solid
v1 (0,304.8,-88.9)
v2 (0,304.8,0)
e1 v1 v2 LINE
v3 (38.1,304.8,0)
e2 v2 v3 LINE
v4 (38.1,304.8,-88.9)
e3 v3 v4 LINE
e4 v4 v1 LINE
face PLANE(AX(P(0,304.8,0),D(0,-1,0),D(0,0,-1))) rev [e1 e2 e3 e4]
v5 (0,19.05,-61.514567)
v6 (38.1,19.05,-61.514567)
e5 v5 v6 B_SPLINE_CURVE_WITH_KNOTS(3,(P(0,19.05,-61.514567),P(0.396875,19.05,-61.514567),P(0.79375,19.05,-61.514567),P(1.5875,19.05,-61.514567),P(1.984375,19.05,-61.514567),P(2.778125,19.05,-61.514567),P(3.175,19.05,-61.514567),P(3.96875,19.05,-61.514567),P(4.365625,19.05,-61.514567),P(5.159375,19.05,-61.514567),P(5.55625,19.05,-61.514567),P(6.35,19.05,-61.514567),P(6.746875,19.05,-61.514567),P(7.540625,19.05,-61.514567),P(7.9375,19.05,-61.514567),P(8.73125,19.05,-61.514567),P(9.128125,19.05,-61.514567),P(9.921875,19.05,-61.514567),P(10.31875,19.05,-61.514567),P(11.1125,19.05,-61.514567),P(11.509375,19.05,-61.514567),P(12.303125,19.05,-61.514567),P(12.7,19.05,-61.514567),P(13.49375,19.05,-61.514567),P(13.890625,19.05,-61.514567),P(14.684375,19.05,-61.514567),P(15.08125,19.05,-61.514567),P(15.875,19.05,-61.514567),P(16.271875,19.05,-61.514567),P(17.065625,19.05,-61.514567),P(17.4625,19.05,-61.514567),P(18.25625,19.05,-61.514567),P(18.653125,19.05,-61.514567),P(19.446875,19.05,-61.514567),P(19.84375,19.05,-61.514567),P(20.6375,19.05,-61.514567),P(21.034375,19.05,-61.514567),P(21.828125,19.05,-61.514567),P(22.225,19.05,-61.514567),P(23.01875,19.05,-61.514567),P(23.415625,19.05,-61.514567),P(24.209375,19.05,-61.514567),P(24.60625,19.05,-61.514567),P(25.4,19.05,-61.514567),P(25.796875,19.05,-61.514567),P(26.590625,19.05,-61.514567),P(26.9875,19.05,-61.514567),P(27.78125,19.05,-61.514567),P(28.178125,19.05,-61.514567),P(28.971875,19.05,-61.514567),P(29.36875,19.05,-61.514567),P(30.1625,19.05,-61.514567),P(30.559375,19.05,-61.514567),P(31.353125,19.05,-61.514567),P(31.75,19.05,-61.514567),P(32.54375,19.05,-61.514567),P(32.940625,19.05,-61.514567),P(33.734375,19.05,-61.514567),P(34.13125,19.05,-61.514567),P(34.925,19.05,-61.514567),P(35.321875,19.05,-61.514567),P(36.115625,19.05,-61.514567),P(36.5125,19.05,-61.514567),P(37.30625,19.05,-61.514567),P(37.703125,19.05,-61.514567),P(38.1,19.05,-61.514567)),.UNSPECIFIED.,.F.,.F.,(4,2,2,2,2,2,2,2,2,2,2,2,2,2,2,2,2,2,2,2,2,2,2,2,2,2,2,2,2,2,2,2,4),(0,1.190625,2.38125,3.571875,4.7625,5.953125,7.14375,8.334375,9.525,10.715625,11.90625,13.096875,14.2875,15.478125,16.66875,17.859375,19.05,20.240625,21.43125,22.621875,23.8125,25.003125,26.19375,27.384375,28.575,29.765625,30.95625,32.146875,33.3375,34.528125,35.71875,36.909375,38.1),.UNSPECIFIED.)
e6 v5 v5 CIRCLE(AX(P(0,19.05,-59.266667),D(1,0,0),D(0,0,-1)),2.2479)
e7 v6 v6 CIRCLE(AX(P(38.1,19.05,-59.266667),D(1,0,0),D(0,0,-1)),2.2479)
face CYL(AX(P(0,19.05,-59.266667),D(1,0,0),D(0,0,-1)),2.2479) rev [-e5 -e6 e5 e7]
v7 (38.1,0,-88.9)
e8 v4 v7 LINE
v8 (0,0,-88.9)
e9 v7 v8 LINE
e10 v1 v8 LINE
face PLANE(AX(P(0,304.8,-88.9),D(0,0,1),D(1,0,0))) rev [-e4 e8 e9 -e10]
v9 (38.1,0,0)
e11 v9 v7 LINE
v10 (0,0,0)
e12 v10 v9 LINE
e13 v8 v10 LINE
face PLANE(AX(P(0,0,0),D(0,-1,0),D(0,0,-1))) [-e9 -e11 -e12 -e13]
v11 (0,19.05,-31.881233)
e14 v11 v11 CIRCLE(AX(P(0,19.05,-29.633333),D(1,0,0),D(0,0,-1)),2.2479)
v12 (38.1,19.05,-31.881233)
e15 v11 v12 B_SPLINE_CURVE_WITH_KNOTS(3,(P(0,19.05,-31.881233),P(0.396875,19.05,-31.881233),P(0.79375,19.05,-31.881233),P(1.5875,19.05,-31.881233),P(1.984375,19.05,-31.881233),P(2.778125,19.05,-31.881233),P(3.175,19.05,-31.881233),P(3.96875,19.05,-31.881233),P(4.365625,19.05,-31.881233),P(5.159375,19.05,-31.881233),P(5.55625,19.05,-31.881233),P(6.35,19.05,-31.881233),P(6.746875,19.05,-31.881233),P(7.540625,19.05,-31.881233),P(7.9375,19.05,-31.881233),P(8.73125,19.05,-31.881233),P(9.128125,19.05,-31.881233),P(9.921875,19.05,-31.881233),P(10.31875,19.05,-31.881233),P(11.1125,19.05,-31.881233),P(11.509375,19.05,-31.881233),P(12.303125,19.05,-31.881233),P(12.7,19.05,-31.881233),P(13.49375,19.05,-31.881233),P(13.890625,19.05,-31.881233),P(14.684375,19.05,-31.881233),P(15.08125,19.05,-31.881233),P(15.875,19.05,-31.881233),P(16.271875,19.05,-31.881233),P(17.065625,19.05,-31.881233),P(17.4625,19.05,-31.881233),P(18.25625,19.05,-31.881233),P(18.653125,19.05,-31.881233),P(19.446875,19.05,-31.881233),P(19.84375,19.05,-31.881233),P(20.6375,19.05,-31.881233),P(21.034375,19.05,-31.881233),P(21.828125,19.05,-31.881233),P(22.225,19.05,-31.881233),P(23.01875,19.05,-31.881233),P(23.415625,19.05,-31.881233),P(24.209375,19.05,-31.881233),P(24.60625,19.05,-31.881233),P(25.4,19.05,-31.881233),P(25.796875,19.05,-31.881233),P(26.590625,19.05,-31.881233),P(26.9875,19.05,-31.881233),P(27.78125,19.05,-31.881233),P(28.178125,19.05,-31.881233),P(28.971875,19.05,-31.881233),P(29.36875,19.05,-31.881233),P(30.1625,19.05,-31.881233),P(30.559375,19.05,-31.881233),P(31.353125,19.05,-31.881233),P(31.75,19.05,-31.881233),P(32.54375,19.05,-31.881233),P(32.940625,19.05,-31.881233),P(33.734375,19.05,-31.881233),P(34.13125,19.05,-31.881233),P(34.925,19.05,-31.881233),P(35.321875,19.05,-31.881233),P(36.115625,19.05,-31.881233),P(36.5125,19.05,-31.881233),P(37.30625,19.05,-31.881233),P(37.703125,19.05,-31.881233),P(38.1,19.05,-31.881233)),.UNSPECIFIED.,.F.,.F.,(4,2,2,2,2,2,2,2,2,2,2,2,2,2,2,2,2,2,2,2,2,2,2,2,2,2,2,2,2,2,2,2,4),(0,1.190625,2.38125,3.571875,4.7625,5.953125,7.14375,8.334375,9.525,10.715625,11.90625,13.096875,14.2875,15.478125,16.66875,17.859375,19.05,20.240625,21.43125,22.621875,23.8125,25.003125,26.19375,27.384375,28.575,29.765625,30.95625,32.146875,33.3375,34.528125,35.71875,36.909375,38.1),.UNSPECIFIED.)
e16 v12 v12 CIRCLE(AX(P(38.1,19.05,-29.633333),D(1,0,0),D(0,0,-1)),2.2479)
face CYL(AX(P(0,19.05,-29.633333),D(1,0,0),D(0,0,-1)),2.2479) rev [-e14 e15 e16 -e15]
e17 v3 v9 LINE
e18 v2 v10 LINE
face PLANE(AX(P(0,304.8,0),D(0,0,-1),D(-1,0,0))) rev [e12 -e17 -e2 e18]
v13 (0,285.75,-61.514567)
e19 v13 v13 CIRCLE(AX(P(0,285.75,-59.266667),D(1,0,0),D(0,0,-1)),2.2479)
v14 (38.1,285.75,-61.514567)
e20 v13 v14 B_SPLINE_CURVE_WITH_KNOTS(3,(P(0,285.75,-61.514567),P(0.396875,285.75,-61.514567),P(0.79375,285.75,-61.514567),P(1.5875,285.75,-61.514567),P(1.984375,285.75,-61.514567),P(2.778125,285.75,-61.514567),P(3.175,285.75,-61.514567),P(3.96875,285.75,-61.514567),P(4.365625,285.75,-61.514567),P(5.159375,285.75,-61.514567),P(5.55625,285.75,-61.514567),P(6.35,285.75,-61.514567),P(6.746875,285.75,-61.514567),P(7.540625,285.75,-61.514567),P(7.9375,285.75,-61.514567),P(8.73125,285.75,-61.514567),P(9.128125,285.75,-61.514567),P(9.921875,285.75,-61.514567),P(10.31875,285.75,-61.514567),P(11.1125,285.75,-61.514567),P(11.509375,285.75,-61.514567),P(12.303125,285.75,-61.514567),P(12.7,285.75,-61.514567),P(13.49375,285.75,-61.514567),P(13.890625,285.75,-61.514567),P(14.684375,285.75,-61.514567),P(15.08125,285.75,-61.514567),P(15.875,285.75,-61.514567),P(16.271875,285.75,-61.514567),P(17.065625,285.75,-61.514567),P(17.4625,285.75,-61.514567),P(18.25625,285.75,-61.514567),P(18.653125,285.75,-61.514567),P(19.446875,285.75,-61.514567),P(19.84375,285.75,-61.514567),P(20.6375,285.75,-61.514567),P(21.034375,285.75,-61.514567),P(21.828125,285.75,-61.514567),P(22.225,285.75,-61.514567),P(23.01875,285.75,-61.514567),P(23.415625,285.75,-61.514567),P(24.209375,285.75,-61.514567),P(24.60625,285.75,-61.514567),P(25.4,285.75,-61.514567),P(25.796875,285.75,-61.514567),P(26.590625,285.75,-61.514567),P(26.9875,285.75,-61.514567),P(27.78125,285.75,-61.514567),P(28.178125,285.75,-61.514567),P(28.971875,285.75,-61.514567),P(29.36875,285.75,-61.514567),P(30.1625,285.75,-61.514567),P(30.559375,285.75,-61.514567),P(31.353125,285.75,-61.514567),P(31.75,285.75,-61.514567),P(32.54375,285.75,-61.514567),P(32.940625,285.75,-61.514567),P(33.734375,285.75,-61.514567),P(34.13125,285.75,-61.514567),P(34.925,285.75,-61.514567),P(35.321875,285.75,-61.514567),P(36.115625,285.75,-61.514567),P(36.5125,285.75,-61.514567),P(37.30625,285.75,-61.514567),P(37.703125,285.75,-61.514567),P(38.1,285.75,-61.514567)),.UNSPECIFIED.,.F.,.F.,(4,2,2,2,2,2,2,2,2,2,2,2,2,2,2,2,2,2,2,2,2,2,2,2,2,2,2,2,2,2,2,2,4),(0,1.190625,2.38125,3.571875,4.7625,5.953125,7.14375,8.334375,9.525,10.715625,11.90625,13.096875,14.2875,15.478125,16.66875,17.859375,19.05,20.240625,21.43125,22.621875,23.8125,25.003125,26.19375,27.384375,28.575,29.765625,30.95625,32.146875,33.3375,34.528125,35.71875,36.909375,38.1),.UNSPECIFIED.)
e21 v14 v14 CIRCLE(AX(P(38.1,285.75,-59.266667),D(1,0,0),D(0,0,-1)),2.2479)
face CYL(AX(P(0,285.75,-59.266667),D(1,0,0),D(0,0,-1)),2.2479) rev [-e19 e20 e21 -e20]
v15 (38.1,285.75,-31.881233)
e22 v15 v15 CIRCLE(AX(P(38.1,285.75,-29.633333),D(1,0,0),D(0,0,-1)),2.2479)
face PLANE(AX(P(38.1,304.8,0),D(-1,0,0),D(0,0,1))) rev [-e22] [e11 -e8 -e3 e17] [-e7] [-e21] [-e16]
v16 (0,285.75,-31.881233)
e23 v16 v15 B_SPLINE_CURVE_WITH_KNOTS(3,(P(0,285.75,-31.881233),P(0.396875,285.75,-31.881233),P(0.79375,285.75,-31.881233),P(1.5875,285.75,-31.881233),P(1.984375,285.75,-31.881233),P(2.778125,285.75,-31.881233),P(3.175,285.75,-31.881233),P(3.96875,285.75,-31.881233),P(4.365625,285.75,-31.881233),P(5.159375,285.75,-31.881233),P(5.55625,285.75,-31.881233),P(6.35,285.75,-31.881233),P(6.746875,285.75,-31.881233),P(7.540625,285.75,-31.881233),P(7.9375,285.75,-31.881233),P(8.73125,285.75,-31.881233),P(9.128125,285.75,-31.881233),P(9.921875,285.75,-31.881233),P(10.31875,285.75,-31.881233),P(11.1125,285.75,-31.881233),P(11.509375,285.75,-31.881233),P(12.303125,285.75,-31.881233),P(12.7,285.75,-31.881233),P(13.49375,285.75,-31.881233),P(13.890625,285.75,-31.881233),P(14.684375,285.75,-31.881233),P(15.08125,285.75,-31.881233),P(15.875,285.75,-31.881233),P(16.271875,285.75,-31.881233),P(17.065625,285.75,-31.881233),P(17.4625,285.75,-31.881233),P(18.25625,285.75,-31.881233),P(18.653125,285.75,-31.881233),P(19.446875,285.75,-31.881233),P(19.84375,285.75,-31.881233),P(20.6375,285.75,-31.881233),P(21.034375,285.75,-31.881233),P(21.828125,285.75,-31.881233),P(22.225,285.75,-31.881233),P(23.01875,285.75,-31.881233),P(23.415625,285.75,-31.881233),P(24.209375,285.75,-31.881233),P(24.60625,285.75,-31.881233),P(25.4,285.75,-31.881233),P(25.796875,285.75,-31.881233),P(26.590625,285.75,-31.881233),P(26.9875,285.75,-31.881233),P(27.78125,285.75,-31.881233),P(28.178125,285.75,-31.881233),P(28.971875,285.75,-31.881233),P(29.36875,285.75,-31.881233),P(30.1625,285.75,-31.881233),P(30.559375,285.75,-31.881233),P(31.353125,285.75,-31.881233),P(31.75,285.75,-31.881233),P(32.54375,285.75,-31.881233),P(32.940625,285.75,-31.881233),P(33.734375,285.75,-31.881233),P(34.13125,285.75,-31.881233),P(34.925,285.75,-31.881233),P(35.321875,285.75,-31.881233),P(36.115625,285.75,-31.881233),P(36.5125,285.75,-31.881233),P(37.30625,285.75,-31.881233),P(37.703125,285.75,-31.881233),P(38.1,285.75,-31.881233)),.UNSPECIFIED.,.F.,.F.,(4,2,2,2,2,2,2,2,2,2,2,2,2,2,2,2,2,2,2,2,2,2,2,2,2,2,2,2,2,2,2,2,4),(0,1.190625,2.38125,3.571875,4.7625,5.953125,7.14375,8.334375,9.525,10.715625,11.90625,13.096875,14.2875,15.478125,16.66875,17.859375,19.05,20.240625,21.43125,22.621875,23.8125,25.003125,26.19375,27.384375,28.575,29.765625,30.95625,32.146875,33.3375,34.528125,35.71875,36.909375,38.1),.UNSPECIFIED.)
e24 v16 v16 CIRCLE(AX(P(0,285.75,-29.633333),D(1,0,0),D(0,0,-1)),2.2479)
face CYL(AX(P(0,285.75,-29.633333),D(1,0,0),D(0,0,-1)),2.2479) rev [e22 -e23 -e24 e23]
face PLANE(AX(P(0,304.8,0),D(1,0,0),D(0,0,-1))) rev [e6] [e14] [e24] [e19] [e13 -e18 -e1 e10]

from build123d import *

# Parameters (mm, degrees)
SKETCH1_W           = 38.1
SKETCH1_H           = 88.9
BOSS_EXTRUDE1_DEPTH = 304.8
SKETCH2_R           = 2.2479
CUT_EXTRUDE1_DEPTH  = 320.777829125


with BuildPart() as part:
    # Sketch1 → Boss-Extrude1 (new body)
    with BuildSketch(Plane(origin=(0, 0, 0), x_dir=(1, 0, 0), z_dir=(0, 1, 0))):
        with Locations((19.05, 44.45)):
            Rectangle(SKETCH1_W, SKETCH1_H)
    extrude(amount=BOSS_EXTRUDE1_DEPTH)

    # Sketch2 → Cut-Extrude1 (cut, through all)
    with BuildSketch(Plane(origin=(38.1, 0, 0), x_dir=(0, 0, -1), z_dir=(1, 0, 0))):
        with Locations((59.266666667, 285.75)):
            Circle(SKETCH2_R)
        with Locations((59.266666667, 19.05)):
            Circle(SKETCH2_R)
        with Locations((29.633333333, 19.05)):
            Circle(SKETCH2_R)
        with Locations((29.633333333, 285.75)):
            Circle(SKETCH2_R)
    extrude(amount=-CUT_EXTRUDE1_DEPTH, mode=Mode.SUBTRACT)


solid = part.part
